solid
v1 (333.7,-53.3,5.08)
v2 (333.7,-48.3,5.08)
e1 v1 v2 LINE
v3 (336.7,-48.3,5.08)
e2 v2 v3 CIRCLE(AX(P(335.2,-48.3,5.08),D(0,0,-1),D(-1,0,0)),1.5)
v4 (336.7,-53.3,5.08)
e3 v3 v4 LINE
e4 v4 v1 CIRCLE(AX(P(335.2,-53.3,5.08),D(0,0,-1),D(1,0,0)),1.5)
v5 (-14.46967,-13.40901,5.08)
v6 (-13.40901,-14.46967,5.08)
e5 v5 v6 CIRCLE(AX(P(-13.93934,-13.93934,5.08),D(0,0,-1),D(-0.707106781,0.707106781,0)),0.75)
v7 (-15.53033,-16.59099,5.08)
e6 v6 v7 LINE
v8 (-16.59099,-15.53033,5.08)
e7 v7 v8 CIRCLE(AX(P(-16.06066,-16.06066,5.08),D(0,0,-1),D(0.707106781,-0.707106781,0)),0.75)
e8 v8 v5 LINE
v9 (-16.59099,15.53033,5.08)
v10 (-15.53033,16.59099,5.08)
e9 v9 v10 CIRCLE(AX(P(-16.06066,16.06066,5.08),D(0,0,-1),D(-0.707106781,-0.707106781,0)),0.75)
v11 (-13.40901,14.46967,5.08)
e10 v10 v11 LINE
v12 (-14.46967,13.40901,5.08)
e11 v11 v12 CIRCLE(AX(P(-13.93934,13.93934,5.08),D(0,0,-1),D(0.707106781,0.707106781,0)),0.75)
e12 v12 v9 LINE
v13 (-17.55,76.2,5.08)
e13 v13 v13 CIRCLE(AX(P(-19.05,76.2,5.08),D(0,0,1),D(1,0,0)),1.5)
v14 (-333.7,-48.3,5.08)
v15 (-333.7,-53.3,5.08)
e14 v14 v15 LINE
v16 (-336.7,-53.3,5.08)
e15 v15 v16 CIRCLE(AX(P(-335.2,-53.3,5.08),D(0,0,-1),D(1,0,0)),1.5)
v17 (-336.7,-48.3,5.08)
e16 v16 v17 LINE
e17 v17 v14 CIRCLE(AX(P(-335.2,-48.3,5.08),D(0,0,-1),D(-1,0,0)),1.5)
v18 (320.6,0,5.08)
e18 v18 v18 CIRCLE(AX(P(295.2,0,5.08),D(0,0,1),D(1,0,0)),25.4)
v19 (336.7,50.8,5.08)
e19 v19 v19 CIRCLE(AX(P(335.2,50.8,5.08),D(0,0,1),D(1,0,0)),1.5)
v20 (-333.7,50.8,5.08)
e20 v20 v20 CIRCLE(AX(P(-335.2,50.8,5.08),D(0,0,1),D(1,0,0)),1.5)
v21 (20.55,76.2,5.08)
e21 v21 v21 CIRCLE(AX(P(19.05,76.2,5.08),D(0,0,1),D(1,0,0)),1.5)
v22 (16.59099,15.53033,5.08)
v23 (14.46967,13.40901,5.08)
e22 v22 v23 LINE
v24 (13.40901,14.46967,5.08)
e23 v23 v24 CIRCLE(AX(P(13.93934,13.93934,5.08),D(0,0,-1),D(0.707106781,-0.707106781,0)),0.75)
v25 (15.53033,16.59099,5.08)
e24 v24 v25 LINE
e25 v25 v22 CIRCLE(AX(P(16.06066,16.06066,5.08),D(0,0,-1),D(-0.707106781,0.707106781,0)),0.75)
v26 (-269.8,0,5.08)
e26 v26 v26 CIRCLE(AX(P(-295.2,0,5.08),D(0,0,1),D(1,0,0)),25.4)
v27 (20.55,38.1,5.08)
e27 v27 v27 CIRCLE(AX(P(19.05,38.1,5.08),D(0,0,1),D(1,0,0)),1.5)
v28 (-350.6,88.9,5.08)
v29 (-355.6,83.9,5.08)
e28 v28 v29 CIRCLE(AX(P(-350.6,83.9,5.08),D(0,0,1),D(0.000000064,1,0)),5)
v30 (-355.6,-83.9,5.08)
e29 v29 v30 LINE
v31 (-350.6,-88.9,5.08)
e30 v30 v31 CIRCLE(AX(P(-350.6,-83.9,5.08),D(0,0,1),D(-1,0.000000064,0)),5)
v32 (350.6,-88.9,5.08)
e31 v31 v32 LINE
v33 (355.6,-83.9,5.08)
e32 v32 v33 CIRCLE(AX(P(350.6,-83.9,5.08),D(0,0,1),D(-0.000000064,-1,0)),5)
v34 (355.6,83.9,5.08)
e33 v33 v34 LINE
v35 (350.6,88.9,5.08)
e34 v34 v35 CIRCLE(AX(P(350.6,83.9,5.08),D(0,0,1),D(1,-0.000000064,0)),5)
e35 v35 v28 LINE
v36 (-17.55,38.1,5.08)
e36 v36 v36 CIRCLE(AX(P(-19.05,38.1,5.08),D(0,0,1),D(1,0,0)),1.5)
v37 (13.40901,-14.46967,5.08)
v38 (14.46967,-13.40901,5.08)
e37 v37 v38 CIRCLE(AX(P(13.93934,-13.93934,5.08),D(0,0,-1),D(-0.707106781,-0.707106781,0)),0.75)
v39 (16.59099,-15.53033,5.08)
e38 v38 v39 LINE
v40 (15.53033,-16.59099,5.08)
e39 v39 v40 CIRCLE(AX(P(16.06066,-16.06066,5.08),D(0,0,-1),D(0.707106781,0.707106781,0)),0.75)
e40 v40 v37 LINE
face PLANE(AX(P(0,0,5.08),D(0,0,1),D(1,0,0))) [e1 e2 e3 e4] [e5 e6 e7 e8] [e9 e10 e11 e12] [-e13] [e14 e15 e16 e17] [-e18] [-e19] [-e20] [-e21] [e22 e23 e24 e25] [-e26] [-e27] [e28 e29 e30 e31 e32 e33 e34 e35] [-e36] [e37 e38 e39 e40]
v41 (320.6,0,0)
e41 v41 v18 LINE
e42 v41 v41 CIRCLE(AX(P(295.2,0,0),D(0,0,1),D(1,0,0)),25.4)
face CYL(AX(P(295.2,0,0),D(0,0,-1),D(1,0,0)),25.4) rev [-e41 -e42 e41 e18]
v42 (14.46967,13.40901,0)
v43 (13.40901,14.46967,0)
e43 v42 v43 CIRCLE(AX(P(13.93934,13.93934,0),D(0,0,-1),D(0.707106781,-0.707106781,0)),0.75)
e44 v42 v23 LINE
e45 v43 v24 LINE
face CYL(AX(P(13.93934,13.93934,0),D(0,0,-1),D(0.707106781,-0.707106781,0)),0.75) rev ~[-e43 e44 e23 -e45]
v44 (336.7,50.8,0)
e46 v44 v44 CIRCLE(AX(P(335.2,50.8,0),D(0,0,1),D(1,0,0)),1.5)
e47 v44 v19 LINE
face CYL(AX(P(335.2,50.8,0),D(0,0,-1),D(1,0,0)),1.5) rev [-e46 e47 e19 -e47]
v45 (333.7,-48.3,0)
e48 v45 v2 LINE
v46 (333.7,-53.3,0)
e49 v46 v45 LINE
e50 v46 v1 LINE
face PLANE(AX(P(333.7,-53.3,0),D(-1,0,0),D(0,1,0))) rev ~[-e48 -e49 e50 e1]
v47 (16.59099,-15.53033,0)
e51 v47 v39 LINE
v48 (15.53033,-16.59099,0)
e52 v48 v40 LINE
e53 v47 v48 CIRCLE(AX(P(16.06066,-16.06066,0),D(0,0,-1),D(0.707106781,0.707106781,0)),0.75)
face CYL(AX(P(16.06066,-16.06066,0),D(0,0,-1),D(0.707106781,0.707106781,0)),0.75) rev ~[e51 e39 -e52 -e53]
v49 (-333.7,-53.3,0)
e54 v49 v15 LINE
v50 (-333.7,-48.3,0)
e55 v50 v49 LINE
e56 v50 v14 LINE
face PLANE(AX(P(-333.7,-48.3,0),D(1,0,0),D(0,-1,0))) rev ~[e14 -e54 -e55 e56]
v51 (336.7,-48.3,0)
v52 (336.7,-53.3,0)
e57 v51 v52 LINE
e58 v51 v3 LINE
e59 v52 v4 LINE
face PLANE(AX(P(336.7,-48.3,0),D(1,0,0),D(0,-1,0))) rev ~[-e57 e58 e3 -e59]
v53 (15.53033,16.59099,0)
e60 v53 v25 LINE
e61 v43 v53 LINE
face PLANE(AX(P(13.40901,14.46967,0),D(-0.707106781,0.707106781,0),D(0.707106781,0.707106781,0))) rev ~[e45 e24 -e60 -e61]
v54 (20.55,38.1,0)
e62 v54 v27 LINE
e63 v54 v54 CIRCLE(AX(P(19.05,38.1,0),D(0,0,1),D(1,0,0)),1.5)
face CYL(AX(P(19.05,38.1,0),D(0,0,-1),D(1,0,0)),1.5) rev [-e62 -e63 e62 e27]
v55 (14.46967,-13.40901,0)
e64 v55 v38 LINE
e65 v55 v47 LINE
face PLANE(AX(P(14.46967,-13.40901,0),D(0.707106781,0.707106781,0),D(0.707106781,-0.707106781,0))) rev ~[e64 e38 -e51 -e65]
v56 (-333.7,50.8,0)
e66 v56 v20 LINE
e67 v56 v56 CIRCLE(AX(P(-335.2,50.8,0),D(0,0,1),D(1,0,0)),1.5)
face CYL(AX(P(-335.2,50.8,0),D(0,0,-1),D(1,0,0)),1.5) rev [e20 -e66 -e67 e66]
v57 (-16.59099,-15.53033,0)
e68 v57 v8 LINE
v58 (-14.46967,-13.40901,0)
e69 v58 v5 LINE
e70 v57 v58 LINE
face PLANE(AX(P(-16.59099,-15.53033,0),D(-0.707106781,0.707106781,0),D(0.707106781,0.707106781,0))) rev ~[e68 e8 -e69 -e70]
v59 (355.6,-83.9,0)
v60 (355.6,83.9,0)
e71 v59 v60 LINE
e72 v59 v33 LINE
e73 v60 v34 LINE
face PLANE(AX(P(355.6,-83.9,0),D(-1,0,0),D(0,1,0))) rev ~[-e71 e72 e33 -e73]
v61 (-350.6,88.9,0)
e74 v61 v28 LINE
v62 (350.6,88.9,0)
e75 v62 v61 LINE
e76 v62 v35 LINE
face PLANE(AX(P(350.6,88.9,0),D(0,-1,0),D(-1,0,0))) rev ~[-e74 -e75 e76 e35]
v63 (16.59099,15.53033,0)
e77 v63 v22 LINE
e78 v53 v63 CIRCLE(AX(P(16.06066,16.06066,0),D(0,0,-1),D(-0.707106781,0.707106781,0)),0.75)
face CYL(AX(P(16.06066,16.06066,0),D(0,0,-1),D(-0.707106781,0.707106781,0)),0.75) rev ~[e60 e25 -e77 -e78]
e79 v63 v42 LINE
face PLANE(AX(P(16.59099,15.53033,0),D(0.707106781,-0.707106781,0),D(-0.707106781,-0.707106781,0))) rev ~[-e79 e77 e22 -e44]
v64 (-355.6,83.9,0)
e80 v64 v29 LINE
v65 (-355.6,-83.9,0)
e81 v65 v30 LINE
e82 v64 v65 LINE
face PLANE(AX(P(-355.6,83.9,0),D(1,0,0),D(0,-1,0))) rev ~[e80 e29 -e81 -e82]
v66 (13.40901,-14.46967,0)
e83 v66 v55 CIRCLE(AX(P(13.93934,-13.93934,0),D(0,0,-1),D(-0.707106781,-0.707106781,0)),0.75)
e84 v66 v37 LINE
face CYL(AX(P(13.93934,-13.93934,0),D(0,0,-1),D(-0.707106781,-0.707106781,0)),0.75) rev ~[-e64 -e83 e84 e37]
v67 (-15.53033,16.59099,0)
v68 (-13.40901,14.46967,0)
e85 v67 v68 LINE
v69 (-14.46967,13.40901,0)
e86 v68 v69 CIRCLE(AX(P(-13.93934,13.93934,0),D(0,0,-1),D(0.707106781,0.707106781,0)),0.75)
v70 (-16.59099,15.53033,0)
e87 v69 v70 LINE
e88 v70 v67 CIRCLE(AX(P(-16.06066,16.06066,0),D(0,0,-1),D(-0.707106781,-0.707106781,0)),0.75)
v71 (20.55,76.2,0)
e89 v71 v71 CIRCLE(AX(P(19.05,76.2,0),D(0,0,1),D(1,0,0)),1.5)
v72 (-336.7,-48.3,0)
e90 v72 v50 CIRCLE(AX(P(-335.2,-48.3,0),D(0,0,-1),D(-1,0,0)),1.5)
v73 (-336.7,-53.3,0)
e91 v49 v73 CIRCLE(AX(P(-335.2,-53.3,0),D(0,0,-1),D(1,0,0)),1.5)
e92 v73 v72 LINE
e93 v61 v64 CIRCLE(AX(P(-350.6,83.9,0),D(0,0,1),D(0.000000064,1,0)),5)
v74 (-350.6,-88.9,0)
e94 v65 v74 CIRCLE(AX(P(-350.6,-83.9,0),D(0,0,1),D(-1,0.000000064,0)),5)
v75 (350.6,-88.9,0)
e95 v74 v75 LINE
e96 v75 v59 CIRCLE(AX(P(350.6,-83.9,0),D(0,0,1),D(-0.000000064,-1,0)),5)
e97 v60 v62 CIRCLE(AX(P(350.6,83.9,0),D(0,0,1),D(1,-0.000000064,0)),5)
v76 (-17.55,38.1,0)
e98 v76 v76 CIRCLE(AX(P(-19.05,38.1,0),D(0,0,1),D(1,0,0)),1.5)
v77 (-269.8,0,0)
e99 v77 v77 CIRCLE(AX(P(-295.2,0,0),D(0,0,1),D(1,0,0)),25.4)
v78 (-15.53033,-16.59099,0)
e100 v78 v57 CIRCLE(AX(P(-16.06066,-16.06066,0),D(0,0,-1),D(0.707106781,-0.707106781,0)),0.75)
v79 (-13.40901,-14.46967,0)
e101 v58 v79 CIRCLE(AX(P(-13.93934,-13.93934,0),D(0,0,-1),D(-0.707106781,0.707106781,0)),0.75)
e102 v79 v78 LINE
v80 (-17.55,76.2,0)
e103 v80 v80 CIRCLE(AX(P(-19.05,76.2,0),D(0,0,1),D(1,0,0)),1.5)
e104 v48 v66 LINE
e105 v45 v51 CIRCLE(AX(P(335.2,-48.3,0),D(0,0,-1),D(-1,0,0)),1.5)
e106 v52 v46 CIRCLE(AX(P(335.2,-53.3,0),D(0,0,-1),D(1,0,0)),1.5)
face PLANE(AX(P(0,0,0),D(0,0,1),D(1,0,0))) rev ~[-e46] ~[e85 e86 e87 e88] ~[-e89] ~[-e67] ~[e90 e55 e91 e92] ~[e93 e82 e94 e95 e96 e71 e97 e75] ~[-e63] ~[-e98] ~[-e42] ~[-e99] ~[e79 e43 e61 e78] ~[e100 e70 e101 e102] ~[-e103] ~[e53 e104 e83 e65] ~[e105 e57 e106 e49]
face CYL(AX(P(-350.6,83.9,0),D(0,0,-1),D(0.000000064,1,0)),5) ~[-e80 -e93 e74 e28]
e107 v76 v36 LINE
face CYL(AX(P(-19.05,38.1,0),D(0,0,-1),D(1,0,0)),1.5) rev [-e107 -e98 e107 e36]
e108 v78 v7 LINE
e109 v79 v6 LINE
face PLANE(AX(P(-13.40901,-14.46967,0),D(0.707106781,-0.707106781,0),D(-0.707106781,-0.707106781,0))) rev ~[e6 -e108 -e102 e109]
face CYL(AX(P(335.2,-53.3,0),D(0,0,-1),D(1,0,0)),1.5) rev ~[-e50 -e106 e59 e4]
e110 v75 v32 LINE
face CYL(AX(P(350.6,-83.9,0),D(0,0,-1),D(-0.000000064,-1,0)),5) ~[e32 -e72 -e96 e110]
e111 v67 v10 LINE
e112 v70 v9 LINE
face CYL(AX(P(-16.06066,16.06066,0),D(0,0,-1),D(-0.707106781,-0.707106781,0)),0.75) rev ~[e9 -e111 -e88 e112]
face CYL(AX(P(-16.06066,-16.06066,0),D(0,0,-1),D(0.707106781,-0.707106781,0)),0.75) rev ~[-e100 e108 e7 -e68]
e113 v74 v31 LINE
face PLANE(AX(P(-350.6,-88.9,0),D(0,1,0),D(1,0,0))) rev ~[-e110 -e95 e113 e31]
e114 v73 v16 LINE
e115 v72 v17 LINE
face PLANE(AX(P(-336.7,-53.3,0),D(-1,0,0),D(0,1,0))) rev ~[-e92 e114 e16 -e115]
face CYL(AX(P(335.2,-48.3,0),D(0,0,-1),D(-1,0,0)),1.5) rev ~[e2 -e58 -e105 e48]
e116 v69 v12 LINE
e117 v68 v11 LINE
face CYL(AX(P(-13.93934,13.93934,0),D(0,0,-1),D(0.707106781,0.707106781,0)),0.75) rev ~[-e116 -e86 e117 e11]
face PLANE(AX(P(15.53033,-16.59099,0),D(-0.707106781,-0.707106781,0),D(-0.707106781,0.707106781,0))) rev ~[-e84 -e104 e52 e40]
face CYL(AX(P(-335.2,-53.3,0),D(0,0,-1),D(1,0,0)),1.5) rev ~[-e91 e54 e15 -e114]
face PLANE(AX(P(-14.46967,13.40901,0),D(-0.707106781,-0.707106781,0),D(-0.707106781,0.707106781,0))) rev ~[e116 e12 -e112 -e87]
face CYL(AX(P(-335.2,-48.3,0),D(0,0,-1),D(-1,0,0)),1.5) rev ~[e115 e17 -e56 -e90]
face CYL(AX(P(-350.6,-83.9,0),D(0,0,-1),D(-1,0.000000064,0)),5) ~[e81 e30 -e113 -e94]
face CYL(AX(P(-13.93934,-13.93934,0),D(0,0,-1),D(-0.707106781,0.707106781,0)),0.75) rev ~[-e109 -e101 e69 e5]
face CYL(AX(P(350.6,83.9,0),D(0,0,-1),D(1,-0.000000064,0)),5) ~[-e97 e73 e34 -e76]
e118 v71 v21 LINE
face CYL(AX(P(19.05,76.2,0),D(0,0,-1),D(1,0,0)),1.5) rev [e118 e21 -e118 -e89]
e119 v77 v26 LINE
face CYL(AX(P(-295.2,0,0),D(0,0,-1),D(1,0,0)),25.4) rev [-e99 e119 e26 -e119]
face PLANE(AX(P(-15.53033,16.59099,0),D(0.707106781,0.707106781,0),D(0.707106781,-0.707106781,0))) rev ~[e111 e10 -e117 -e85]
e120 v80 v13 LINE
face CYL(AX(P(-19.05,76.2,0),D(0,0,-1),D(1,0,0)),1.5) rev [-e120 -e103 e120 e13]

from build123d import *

# Parameters (mm, degrees)
F0_R     = 25.4
F0_R_2   = 1.5
F1_DEPTH = 5.08


with BuildPart() as f1:
    # F0 (on Top) → F1 (new body)
    with BuildSketch(Plane.XY):
        with BuildLine():
            ThreePointArc((355.6, 83.9), (354.135534, 87.435534), (350.6, 88.9))
            Line((350.6, 88.9), (-350.6, 88.9))
            ThreePointArc((-350.6, 88.9), (-354.135534, 87.435534), (-355.6, 83.9))
            Line((-355.6, 83.9), (-355.6, -83.9))
            ThreePointArc((-355.6, -83.9), (-354.135534, -87.435534), (-350.6, -88.9))
            Line((-350.6, -88.9), (350.6, -88.9))
            ThreePointArc((350.6, -88.9), (354.135534, -87.435534), (355.6, -83.9))
            Line((355.6, -83.9), (355.6, 83.9))
        make_face()
        with BuildLine():
            ThreePointArc((-333.7, -53.3), (-335.2, -54.8), (-336.7, -53.3))
            Line((-336.7, -53.3), (-336.7, -48.3))
            ThreePointArc((-336.7, -48.3), (-335.2, -46.8), (-333.7, -48.3))
            Line((-333.7, -48.3), (-333.7, -53.3))
        make_face(mode=Mode.SUBTRACT)
        with BuildLine():
            ThreePointArc((-15.53033, -16.59099), (-16.59099, -16.59099), (-16.59099, -15.53033))
            Line((-16.59099, -15.53033), (-14.46967, -13.40901))
            ThreePointArc((-14.46967, -13.40901), (-13.40901, -13.40901), (-13.40901, -14.46967))
            Line((-13.40901, -14.46967), (-15.53033, -16.59099))
        make_face(mode=Mode.SUBTRACT)
        with BuildLine():
            Line((333.7, -53.3), (333.7, -48.3))
            ThreePointArc((333.7, -48.3), (335.2, -46.8), (336.7, -48.3))
            Line((336.7, -48.3), (336.7, -53.3))
            ThreePointArc((336.7, -53.3), (335.2, -54.8), (333.7, -53.3))
        make_face(mode=Mode.SUBTRACT)
        with BuildLine():
            ThreePointArc((16.59099, -15.53033), (16.59099, -16.59099), (15.53033, -16.59099))
            Line((15.53033, -16.59099), (13.40901, -14.46967))
            ThreePointArc((13.40901, -14.46967), (13.40901, -13.40901), (14.46967, -13.40901))
            Line((14.46967, -13.40901), (16.59099, -15.53033))
        make_face(mode=Mode.SUBTRACT)
        with Locations((-295.2, 0)):
            Circle(F0_R, mode=Mode.SUBTRACT)
        with BuildLine():
            ThreePointArc((-13.40901, 14.46967), (-13.40901, 13.40901), (-14.46967, 13.40901))
            Line((-14.46967, 13.40901), (-16.59099, 15.53033))
            ThreePointArc((-16.59099, 15.53033), (-16.59099, 16.59099), (-15.53033, 16.59099))
            Line((-15.53033, 16.59099), (-13.40901, 14.46967))
        make_face(mode=Mode.SUBTRACT)
        with Locations((-19.05, 38.1)):
            Circle(F0_R_2, mode=Mode.SUBTRACT)
        with Locations((-335.2, 50.8)):
            Circle(F0_R_2, mode=Mode.SUBTRACT)
        with Locations((-19.05, 76.2)):
            Circle(F0_R_2, mode=Mode.SUBTRACT)
        with BuildLine():
            ThreePointArc((14.46967, 13.40901), (13.40901, 13.40901), (13.40901, 14.46967))
            Line((13.40901, 14.46967), (15.53033, 16.59099))
            ThreePointArc((15.53033, 16.59099), (16.59099, 16.59099), (16.59099, 15.53033))
            Line((16.59099, 15.53033), (14.46967, 13.40901))
        make_face(mode=Mode.SUBTRACT)
        with Locations((19.05, 38.1)):
            Circle(F0_R_2, mode=Mode.SUBTRACT)
        with Locations((295.2, 0)):
            Circle(F0_R, mode=Mode.SUBTRACT)
        with Locations((19.05, 76.2)):
            Circle(F0_R_2, mode=Mode.SUBTRACT)
        with Locations((335.2, 50.8)):
            Circle(F0_R_2, mode=Mode.SUBTRACT)
    extrude(amount=F1_DEPTH)


solid = f1.part
